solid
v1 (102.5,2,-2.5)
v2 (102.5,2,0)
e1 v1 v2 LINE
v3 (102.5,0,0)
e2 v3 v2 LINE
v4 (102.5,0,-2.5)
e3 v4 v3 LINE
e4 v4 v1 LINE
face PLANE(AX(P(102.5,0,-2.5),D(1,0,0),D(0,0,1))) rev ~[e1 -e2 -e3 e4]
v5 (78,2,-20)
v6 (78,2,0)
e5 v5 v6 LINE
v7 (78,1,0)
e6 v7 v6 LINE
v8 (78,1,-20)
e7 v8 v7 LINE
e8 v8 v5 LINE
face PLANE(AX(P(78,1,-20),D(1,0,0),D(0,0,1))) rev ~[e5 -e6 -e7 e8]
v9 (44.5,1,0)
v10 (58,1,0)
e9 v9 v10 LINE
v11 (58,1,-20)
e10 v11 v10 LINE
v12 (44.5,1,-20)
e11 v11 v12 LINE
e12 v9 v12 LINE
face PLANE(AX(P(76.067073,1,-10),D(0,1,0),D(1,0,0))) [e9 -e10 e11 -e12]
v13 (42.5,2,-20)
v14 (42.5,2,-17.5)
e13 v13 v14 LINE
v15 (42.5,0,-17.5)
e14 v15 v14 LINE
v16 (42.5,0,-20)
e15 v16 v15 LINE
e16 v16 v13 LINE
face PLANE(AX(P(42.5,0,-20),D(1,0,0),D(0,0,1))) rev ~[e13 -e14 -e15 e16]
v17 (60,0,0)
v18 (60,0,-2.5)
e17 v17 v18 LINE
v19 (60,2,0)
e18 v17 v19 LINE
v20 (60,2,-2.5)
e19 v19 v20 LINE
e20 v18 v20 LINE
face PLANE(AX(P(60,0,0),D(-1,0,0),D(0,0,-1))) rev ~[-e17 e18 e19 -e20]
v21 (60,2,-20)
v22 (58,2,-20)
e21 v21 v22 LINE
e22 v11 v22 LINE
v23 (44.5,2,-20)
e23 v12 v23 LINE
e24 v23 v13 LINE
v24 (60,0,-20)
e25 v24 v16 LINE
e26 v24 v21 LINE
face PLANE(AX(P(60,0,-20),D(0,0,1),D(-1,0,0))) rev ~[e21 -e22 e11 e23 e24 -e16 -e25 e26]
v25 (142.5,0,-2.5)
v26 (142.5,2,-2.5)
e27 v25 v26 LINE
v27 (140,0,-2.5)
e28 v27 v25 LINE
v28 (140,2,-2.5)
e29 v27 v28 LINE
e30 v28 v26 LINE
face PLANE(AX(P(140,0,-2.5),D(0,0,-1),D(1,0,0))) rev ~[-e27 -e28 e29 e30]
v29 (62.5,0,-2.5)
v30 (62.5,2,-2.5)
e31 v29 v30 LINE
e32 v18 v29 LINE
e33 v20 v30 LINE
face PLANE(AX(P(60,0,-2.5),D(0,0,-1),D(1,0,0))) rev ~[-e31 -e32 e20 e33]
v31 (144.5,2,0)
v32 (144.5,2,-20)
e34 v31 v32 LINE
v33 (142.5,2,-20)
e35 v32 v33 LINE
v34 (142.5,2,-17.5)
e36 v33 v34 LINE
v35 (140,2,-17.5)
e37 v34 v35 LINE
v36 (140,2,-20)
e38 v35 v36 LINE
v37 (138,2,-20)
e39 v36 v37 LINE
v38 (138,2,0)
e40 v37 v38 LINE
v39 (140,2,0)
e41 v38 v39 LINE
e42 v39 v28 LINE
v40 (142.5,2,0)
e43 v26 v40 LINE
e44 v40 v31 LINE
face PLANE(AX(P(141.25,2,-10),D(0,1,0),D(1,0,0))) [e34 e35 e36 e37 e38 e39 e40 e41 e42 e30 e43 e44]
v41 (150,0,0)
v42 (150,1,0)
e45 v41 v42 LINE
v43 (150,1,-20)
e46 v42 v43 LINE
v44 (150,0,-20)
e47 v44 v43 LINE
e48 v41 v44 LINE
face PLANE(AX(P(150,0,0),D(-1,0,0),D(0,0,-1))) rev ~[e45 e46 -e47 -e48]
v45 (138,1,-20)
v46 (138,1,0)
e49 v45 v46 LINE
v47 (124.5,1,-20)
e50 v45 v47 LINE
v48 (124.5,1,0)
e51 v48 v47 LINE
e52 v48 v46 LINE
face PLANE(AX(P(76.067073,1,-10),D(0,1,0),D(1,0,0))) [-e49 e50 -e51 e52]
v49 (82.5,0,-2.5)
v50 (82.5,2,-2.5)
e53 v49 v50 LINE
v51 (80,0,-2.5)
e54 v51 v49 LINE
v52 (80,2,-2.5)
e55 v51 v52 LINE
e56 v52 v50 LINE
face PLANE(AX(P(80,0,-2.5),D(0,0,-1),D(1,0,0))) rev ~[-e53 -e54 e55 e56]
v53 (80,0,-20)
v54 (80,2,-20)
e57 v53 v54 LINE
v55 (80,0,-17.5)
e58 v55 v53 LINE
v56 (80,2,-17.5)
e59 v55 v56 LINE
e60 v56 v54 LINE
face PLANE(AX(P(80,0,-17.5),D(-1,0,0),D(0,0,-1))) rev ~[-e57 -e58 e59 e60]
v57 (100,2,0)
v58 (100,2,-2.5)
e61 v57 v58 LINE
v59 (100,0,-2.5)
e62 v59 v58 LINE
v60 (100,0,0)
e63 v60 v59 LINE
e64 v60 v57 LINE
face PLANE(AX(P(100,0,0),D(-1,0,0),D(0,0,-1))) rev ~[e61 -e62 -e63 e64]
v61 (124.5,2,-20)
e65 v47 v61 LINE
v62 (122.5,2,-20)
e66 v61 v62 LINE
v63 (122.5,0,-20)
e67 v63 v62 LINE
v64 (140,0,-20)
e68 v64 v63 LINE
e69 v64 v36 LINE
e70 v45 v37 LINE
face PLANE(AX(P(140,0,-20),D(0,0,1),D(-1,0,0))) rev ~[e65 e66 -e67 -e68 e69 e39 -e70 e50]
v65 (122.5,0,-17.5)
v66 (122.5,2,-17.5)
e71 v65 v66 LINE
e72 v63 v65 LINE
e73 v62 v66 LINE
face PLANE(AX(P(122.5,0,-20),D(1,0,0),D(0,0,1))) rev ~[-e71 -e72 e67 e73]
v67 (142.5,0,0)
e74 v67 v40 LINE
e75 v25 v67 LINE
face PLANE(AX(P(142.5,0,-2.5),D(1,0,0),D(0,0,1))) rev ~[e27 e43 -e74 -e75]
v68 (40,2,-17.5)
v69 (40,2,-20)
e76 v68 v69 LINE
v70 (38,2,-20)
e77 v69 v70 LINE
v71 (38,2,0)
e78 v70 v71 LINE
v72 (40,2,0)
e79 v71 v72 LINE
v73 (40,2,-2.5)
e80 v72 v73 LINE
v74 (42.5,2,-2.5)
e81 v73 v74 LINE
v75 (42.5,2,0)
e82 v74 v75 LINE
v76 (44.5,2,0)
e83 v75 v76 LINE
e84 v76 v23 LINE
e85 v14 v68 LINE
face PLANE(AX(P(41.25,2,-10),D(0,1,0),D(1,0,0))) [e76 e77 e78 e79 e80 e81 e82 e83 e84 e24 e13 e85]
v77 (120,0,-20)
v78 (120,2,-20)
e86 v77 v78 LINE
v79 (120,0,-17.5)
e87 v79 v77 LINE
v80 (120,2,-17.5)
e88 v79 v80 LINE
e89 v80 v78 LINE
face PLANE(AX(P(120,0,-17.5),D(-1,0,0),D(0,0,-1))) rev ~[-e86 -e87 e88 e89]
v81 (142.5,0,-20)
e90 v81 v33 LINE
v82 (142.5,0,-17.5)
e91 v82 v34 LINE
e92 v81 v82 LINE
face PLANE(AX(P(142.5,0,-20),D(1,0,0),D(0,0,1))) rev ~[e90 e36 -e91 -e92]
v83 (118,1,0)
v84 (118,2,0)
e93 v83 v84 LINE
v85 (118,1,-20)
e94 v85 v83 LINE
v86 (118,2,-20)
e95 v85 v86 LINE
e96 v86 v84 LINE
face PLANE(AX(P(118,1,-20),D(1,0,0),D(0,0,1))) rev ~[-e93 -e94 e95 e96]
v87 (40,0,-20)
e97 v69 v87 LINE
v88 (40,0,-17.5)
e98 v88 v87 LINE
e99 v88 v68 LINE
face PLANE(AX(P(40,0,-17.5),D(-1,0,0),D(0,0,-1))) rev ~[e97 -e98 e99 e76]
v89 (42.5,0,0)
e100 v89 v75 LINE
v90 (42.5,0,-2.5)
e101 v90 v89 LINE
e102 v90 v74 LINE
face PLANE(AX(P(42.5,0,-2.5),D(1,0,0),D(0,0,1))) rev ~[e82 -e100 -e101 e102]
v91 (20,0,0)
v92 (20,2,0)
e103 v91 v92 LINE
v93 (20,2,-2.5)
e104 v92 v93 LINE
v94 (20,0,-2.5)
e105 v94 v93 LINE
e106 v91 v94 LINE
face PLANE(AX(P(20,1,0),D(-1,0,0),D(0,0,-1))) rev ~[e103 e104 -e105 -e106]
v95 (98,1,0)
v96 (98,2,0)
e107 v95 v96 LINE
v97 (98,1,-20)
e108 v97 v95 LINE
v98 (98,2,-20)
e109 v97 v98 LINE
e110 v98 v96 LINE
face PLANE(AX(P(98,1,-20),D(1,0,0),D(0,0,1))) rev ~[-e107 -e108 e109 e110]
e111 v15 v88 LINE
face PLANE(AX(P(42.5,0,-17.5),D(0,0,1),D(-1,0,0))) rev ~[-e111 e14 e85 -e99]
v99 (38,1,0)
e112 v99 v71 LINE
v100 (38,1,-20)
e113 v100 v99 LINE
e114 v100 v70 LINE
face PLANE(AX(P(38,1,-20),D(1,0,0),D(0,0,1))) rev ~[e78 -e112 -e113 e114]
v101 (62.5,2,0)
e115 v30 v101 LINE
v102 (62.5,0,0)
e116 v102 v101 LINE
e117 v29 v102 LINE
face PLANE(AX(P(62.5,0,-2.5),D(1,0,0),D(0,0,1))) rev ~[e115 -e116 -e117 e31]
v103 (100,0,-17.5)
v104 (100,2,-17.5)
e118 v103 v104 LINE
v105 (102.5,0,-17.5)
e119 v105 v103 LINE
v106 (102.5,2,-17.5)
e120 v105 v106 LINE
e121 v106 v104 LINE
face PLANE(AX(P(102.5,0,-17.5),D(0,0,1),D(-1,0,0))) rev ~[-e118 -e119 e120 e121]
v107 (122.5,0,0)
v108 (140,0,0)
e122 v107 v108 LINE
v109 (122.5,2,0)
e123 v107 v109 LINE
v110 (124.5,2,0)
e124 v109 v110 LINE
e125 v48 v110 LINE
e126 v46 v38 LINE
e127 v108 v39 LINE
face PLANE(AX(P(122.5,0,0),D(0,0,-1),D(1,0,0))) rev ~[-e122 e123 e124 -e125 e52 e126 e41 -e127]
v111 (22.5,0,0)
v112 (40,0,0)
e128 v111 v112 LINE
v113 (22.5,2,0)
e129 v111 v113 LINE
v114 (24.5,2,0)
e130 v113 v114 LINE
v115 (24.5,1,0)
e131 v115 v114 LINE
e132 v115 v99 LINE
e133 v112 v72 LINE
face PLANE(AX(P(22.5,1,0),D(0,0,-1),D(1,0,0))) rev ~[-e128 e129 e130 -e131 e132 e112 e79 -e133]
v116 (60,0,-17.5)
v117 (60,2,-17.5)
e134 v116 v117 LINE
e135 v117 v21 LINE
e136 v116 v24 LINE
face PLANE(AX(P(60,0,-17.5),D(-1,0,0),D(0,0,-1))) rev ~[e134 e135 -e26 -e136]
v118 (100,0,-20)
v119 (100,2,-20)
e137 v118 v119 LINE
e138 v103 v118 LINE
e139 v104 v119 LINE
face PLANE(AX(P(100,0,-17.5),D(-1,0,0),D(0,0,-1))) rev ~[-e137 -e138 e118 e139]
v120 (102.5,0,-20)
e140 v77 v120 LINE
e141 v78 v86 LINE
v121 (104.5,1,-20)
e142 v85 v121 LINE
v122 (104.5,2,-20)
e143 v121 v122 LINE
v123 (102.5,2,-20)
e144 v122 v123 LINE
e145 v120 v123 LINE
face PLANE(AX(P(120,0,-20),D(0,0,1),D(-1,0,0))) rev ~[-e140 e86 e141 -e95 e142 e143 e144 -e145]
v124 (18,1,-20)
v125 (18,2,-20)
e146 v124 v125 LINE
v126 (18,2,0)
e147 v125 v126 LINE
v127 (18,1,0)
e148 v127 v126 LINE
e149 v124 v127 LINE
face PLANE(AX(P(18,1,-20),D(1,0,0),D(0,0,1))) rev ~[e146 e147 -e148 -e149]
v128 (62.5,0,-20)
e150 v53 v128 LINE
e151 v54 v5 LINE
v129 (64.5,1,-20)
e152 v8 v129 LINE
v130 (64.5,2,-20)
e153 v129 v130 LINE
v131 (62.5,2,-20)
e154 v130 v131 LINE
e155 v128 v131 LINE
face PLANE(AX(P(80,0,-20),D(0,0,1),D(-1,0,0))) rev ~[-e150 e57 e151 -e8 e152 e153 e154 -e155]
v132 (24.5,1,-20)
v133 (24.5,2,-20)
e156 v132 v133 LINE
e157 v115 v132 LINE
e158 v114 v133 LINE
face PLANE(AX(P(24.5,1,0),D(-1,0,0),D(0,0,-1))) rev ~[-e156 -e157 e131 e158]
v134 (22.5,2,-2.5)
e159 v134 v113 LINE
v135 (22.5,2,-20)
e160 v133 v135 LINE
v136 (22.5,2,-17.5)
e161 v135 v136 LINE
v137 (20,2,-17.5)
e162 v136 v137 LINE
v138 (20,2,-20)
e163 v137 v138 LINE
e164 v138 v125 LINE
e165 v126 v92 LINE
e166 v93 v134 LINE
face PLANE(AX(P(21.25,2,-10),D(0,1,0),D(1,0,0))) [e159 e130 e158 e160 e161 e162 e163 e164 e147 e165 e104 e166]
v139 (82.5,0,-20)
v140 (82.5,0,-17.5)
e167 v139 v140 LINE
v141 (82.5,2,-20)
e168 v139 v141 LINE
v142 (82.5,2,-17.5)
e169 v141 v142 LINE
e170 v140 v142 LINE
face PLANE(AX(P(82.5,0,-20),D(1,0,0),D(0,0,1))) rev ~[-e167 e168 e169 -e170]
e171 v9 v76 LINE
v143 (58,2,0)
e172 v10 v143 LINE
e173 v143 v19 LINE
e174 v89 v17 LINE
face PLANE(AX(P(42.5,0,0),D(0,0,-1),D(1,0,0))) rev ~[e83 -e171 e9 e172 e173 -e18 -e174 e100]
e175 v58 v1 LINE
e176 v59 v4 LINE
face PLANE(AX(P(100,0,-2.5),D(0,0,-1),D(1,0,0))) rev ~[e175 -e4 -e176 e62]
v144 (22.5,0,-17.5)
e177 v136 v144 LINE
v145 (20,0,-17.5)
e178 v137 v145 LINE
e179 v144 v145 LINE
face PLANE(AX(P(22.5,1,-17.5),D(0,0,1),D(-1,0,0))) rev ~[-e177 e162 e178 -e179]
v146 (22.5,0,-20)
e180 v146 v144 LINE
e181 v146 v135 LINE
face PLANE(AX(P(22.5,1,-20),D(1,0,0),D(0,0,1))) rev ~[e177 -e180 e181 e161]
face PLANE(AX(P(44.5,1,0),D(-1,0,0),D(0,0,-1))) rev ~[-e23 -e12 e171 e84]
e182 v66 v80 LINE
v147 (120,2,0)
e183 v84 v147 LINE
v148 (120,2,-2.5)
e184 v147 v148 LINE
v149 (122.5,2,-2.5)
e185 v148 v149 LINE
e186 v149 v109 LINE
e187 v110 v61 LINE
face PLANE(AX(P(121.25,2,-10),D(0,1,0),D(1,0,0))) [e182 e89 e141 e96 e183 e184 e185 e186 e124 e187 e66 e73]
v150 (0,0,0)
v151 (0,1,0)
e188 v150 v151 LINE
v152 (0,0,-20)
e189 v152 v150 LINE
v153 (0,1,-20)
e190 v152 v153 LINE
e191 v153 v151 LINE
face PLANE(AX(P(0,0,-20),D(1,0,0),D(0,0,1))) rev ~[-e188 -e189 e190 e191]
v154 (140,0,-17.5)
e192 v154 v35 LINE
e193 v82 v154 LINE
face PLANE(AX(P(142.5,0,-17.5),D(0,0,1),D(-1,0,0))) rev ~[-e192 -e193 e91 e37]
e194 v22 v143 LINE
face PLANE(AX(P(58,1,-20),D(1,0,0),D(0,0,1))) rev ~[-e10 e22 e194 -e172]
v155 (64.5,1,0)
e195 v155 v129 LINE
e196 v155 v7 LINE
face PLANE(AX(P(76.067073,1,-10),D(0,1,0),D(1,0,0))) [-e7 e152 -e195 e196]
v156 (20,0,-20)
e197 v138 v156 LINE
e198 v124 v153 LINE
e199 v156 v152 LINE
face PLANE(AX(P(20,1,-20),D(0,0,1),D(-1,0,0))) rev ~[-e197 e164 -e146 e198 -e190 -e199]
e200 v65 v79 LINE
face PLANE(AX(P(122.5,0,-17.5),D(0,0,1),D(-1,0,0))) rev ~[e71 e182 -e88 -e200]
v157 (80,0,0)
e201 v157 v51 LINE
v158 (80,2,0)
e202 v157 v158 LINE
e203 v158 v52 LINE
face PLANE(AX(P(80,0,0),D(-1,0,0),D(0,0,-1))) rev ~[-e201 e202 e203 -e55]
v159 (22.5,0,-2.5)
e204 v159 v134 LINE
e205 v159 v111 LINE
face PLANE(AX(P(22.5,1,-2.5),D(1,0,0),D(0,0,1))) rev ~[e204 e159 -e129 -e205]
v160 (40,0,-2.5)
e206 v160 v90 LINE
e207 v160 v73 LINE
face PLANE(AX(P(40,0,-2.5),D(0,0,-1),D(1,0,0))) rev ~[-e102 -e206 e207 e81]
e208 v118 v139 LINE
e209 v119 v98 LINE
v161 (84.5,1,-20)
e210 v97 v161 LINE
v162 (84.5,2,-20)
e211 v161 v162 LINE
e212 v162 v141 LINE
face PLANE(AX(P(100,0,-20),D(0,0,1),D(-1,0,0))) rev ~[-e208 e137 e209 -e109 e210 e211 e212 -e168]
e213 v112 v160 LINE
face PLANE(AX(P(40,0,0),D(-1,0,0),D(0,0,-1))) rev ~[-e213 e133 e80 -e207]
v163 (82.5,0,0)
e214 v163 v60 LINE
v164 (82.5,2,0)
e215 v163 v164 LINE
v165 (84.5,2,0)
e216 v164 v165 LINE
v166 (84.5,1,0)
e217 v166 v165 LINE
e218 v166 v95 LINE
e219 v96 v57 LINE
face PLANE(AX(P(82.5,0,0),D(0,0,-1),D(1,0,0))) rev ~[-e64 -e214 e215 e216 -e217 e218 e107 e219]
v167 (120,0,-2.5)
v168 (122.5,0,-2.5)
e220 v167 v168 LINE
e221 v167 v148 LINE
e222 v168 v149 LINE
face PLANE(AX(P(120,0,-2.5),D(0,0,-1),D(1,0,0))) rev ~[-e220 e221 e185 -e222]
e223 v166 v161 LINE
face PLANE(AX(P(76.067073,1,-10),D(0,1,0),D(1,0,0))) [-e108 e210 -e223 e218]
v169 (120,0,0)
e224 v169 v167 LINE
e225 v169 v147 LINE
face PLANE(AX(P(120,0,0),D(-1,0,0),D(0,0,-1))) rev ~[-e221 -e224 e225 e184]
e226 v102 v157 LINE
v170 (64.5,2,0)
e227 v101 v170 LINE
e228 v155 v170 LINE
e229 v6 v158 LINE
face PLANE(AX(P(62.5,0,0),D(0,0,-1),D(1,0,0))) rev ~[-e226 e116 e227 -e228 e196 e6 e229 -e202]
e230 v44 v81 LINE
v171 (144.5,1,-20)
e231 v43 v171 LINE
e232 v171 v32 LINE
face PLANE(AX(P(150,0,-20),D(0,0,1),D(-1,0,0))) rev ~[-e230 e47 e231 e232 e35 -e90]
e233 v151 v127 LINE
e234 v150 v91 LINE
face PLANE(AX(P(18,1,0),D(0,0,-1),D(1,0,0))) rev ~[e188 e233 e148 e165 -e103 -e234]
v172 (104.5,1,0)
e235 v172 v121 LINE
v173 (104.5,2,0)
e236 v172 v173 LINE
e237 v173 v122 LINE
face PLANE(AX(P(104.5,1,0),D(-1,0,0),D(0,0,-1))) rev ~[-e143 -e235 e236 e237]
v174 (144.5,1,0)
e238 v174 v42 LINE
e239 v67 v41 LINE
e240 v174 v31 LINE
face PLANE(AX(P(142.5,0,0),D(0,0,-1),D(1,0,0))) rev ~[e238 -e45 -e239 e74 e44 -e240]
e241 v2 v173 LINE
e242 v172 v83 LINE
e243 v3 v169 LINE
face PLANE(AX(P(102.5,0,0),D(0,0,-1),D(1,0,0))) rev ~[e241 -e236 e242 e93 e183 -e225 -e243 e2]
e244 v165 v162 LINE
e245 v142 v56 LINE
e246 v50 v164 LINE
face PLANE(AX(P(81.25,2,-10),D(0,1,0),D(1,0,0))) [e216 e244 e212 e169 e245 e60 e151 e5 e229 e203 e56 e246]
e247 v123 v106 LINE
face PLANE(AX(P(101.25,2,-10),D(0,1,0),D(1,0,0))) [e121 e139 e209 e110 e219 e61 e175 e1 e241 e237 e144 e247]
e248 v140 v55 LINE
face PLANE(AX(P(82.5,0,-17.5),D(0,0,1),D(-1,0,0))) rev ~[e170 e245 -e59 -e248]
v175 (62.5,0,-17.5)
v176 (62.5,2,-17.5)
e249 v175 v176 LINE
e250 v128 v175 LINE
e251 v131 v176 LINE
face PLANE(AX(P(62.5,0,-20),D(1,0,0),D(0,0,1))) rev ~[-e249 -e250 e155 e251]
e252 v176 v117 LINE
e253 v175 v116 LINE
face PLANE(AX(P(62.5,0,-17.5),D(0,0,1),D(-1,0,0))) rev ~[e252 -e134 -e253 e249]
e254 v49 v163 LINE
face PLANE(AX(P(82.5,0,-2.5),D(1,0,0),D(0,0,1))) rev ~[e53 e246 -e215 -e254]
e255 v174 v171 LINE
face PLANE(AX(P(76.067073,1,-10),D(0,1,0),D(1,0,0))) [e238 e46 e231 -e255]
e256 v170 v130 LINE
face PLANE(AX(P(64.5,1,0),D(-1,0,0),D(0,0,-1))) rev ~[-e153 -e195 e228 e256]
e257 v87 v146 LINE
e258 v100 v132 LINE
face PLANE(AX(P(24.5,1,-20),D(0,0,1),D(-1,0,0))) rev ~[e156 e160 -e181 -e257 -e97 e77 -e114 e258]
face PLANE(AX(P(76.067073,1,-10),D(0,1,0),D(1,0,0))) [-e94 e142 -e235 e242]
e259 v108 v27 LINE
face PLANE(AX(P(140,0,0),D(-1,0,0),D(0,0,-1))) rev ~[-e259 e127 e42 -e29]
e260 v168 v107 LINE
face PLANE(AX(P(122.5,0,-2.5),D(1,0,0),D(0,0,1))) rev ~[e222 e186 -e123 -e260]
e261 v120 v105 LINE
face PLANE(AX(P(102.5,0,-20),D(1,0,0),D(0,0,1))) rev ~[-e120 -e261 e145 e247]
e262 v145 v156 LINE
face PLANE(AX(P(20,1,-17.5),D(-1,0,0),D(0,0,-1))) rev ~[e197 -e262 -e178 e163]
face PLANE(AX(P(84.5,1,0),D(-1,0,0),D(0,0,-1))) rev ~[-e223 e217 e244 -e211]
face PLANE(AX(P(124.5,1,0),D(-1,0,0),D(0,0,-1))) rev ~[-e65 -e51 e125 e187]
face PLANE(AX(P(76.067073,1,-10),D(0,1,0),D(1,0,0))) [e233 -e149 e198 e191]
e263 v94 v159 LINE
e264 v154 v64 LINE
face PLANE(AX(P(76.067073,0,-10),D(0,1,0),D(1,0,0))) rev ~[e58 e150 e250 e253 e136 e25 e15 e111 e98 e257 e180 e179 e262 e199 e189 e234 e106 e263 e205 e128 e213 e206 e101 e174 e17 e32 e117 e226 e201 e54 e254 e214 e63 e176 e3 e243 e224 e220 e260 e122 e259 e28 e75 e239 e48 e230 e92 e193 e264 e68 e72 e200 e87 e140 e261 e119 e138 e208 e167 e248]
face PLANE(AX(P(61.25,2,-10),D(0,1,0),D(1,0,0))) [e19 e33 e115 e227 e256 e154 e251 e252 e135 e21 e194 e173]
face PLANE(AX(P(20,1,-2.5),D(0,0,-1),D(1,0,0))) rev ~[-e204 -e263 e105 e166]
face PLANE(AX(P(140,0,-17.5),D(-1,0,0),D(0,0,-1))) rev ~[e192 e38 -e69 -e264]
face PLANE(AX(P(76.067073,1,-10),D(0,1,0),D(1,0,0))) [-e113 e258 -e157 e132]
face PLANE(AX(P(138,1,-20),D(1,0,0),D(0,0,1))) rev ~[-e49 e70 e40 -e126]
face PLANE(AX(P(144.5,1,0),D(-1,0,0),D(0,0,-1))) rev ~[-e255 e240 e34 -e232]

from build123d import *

# Parameters (mm, degrees)
BOSS_EXTRUDE1_DEPTH = 1
BOSS_EXTRUDE2_DEPTH = 1


with BuildPart() as part:
    # Sketch1 → Boss-Extrude1 (new body)
    with BuildSketch(Plane(origin=(0, 0, 0), x_dir=(1, 0, 0), z_dir=(0, 1, 0))):
        Polygon((40, 0), (40, 2.5), (42.5, 2.5), (42.5, 0), (60, 0), (60, 2.5), (62.5, 2.5), (62.5, 0), (80, 0), (80, 2.5), (82.5, 2.5), (82.5, 0), (100, 0), (100, 2.5), (102.5, 2.5), (102.5, 0), (120, 0), (120, 2.5), (122.5, 2.5), (122.5, 0), (140, 0), (140, 2.5), (142.5, 2.5), (142.5, 0), (150, 0), (150, 20), (142.5, 20), (142.5, 17.5), (140, 17.5), (140, 20), (122.5, 20), (122.5, 17.5), (120, 17.5), (120, 20), (102.5, 20), (102.5, 17.5), (100, 17.5), (100, 20), (82.5, 20), (82.5, 17.5), (80, 17.5), (80, 20), (62.5, 20), (62.5, 17.5), (60, 17.5), (60, 20), (42.5, 20), (42.5, 17.5), (40, 17.5), (40, 20), (22.5, 20), (22.5, 17.5), (20, 17.5), (20, 20), (0, 20), (0, 0), (20, 0), (20, 2.5), (22.5, 2.5), (22.5, 0), align=None)
    extrude(amount=BOSS_EXTRUDE1_DEPTH)

    # Sketch2 → Boss-Extrude2 (add)
    with BuildSketch(Plane(origin=(0, 1, 0), x_dir=(1, 0, 0), z_dir=(0, 1, 0))):
        Polygon((20, 20), (18, 20), (18, 0), (20, 0), (20, 2.5), (22.5, 2.5), (22.5, 0), (24.5, 0), (24.5, 20), (22.5, 20), (22.5, 17.5), (20, 17.5), align=None)
        Polygon((40, 17.5), (40, 20), (38, 20), (38, 0), (40, 0), (40, 2.5), (42.5, 2.5), (42.5, 0), (44.5, 0), (44.5, 20), (42.5, 20), (42.5, 17.5), align=None)
        Polygon((60, 17.5), (60, 20), (58, 20), (58, 0), (60, 0), (60, 2.5), (62.5, 2.5), (62.5, 0), (64.5, 0), (64.5, 20), (62.5, 20), (62.5, 17.5), align=None)
        Polygon((80, 17.5), (80, 20), (78, 20), (78, 0), (80, 0), (80, 2.5), (82.5, 2.5), (82.5, 0), (84.5, 0), (84.5, 20), (82.5, 20), (82.5, 17.5), align=None)
        Polygon((100, 17.5), (100, 20), (98, 20), (98, 0), (100, 0), (100, 2.5), (102.5, 2.5), (102.5, 0), (104.5, 0), (104.5, 20), (102.5, 20), (102.5, 17.5), align=None)
        Polygon((120, 17.5), (120, 20), (118, 20), (118, 0), (120, 0), (120, 2.5), (122.5, 2.5), (122.5, 0), (124.5, 0), (124.5, 20), (122.5, 20), (122.5, 17.5), align=None)
        Polygon((140, 17.5), (140, 20), (138, 20), (138, 0), (140, 0), (140, 2.5), (142.5, 2.5), (142.5, 0), (144.5, 0), (144.5, 20), (142.5, 20), (142.5, 17.5), align=None)
    extrude(amount=BOSS_EXTRUDE2_DEPTH)


solid = part.part
